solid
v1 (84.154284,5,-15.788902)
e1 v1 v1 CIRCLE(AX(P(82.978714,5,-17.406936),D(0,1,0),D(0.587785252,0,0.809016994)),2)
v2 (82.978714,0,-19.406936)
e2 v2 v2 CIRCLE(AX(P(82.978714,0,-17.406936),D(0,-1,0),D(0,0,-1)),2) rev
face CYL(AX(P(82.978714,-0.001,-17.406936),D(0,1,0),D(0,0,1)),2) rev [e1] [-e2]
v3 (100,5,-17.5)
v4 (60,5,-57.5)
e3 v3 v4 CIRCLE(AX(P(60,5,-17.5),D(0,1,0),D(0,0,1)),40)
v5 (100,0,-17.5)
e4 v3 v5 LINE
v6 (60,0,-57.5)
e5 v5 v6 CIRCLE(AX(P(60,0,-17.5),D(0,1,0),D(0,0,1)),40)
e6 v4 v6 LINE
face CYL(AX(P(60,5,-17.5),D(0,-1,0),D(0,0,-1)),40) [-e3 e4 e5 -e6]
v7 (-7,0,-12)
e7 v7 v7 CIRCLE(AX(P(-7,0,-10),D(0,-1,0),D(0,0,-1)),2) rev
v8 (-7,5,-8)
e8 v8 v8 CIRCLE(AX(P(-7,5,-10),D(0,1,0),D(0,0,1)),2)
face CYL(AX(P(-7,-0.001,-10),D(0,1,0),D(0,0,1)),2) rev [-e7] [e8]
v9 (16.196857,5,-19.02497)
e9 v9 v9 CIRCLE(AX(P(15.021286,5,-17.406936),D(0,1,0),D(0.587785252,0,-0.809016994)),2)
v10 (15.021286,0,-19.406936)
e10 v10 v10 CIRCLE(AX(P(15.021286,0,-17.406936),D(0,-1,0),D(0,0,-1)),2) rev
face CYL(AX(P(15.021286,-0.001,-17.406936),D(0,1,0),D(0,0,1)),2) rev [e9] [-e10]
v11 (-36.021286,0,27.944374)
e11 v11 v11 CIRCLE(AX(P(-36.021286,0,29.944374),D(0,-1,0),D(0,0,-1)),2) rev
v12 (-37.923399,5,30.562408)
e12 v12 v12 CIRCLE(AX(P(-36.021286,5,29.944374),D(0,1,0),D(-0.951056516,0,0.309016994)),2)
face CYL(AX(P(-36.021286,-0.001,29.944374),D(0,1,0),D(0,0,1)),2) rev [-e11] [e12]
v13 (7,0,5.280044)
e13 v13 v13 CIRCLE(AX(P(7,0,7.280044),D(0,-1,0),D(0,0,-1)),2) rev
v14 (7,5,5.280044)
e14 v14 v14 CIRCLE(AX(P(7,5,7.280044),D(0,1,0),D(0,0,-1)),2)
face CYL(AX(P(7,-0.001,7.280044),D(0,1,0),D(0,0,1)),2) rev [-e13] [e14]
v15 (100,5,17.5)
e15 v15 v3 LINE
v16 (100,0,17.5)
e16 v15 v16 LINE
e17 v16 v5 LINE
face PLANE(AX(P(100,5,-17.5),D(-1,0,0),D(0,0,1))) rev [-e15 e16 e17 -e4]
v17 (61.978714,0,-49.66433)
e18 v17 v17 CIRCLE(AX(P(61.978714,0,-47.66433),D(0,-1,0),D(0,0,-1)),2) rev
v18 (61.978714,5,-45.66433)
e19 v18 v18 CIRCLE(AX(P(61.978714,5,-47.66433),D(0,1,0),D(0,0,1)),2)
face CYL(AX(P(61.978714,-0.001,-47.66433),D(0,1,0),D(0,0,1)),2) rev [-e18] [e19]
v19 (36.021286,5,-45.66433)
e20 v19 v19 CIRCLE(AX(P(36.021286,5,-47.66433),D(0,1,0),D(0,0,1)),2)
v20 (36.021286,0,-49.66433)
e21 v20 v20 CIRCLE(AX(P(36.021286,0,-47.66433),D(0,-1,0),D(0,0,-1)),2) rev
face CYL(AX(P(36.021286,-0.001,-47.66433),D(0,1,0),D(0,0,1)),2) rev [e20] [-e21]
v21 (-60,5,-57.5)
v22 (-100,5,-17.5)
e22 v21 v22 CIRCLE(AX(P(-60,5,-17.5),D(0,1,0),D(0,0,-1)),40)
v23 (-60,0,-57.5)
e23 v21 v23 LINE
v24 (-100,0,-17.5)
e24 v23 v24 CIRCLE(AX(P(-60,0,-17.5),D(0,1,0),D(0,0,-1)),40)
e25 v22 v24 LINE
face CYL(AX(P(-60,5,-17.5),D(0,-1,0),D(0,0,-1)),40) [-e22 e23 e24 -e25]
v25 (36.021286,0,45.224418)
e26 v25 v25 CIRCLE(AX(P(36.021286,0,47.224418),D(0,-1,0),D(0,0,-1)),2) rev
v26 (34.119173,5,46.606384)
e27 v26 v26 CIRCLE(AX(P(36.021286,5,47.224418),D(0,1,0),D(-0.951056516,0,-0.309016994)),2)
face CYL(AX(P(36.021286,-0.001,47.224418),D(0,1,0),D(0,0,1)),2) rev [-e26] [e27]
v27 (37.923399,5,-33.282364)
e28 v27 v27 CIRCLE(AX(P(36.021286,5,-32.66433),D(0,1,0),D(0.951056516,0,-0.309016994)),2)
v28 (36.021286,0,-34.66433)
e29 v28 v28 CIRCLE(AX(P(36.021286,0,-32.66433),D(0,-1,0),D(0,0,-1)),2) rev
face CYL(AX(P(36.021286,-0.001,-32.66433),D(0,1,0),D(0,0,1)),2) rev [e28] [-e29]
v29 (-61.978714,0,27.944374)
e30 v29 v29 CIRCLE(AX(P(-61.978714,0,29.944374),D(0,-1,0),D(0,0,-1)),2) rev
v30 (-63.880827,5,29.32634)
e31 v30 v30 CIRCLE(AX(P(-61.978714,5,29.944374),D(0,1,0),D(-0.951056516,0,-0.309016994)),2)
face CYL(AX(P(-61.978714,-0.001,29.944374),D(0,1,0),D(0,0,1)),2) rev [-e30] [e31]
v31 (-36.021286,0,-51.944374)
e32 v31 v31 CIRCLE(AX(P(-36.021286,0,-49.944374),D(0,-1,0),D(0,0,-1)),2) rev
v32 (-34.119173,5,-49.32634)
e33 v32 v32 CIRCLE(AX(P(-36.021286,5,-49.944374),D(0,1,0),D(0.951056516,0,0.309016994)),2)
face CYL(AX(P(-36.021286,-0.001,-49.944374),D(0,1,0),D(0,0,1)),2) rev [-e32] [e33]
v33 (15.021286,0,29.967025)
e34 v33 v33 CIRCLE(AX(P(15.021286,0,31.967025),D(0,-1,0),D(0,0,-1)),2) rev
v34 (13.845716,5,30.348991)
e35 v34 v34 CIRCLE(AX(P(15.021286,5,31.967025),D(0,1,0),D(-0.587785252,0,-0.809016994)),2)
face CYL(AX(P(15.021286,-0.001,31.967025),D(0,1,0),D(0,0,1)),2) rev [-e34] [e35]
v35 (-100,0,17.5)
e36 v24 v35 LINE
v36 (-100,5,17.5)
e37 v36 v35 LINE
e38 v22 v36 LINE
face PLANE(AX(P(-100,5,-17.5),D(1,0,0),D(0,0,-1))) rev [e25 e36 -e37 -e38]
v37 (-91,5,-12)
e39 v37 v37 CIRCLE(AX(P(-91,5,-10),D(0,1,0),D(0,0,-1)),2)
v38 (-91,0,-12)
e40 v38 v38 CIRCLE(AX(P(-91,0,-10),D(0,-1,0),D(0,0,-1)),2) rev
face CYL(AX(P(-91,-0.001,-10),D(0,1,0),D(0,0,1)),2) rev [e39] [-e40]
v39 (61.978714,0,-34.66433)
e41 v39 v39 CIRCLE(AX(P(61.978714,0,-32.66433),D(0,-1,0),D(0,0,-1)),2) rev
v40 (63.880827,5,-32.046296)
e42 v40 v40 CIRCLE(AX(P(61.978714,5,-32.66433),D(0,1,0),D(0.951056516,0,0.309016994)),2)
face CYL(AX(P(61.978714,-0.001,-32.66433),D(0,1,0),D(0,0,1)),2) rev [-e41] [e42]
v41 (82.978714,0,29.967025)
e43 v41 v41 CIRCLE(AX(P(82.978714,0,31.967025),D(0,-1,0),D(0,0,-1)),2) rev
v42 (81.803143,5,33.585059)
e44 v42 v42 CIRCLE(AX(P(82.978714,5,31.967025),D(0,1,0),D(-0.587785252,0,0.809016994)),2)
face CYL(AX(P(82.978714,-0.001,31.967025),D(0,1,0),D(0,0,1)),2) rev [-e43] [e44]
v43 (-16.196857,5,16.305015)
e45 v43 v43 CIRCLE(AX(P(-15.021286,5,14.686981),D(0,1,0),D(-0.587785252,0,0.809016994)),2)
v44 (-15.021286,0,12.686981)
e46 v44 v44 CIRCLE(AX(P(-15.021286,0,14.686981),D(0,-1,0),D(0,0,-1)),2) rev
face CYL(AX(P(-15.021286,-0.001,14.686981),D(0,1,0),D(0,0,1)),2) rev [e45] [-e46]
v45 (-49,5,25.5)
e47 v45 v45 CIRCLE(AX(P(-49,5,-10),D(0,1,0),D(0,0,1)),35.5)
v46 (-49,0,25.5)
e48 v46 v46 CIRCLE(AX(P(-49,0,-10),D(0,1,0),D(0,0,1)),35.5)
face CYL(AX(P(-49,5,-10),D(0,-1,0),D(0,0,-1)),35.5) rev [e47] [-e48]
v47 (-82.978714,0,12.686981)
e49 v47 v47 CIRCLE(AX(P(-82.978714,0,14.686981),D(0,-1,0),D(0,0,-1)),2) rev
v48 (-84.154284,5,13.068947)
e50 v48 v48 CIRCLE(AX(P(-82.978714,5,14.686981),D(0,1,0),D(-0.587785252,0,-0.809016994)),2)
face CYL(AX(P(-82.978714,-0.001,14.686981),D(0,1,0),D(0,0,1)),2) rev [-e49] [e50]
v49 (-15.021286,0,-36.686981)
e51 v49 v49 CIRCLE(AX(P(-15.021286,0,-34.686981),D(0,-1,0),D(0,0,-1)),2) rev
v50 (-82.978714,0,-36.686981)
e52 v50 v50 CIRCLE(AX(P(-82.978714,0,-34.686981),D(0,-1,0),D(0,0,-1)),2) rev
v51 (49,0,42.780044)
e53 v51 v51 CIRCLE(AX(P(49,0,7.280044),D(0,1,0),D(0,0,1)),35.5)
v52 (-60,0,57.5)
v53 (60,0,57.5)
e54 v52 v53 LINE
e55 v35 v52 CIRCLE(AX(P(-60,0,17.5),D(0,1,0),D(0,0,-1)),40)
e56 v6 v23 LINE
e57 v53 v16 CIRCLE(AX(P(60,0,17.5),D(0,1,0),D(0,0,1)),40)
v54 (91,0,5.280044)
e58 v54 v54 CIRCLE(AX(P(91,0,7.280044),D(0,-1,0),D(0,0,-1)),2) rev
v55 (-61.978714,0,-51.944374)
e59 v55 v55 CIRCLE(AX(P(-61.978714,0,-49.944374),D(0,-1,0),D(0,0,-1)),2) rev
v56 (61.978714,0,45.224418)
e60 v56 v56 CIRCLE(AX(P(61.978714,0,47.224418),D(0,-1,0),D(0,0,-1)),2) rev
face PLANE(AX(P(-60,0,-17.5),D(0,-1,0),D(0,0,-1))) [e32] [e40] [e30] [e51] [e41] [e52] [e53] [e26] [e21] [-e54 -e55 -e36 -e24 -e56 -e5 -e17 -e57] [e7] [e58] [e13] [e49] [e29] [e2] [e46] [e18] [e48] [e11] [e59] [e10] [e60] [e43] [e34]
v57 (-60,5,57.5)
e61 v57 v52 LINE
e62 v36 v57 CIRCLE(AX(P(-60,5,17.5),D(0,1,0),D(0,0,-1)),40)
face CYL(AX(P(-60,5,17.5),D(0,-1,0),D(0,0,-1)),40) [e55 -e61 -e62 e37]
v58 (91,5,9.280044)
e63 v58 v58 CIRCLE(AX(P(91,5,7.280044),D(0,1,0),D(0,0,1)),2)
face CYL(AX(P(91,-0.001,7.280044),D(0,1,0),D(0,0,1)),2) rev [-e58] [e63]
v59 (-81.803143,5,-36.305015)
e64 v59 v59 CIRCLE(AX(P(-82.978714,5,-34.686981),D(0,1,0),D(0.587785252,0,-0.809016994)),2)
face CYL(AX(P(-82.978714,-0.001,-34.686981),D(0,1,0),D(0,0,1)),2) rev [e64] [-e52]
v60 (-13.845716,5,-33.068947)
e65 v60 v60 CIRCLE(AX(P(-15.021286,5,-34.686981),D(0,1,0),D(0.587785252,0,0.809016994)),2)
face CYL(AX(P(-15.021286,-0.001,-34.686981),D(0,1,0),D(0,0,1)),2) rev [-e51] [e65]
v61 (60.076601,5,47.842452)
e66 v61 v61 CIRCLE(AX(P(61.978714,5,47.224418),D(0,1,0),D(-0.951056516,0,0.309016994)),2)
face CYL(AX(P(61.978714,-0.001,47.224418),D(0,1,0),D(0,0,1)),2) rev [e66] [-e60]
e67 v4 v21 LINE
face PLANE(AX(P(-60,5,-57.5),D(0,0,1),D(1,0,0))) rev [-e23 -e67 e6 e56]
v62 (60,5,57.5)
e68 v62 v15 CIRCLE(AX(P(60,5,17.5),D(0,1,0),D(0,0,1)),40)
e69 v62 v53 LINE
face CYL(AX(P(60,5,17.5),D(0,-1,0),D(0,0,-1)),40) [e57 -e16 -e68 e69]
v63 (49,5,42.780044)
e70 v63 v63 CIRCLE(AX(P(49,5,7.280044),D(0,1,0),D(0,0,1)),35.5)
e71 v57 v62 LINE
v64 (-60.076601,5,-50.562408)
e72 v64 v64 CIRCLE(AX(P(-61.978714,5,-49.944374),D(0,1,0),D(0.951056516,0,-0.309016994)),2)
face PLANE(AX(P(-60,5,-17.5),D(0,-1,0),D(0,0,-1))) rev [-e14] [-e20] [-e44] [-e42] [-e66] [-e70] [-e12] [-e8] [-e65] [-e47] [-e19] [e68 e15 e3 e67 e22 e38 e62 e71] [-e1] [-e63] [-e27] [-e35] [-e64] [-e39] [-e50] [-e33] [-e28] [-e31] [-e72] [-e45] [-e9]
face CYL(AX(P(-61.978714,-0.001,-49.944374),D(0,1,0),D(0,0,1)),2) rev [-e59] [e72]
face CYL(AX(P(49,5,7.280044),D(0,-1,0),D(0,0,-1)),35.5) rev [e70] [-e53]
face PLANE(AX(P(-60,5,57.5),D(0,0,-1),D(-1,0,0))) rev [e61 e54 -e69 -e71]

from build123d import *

# Parameters (mm, degrees)
SKETCH_1_R               = 35.5
EXTRUDE_1_DEPTH          = 5
CUT_EXTRUDE_1_REACH      = 117.461
SKETCH_2_R               = 2
PATTERN_CIRCULAR_1_COUNT = 10
CUT_EXTRUDE_2_REACH      = 117.461
SKETCH_3_R               = 2
PATTERN_CIRCULAR_2_COUNT = 10
CUT_EXTRUDE_3_REACH      = 117.461
SKETCH_4_R               = 2


with BuildPart() as part:
    # 草圖1 → 填料-伸長1 (new body)
    with BuildSketch(Plane(origin=(0, 0, 0), x_dir=(1, 0, 0), z_dir=(0, 1, 0))):
        with BuildLine():
            Line((-60, 57.5), (60, 57.5))
            ThreePointArc((60, 57.5), (88.284271247, 45.784271247), (100, 17.5))
            Line((100, 17.5), (100, -17.5))
            ThreePointArc((100, -17.5), (88.284271247, -45.784271247), (60, -57.5))
            Line((60, -57.5), (-60, -57.5))
            ThreePointArc((-60, -57.5), (-88.284271247, -45.784271247), (-100, -17.5))
            Line((-100, -17.5), (-100, 17.5))
            ThreePointArc((-100, 17.5), (-88.284271247, 45.784271247), (-60, 57.5))
        make_face()
        with Locations(Location((-49, 10, 0), (0, 0, 270))):
            Circle(SKETCH_1_R, mode=Mode.SUBTRACT)
        with Locations(Location((49, -7.280044109, 0), (0, 0, 270))):
            Circle(SKETCH_1_R, mode=Mode.SUBTRACT)
    extrude(amount=EXTRUDE_1_DEPTH)

    # 草圖2 → 除料-伸長1 (cut, up to next)
    with BuildSketch(Plane(origin=(0, 5, 0), x_dir=(1, 0, 0), z_dir=(0, 1, 0)), mode=Mode.PRIVATE) as cut_extrude_1_sk1:
        with Locations(Location((91, -7.280044109, 0), (0, 0, 270))):
            Circle(SKETCH_2_R)
    cut_extrude_1_tool1 = extrude(cut_extrude_1_sk1.sketch, amount=-CUT_EXTRUDE_1_REACH, mode=Mode.PRIVATE) & part.part
    cut_extrude_1 = cut_extrude_1_tool1.solids().sort_by_distance((91, 5, 7.280044))[0]
    add(cut_extrude_1, mode=Mode.SUBTRACT)

    # 環狀複製排列1: 除料-伸長1 ×10 about axis
    pattern_circular_1_axis = Axis((49, 0, 7.280044109), (0, 1, 0))
    for i in range(1, PATTERN_CIRCULAR_1_COUNT):
        add(cut_extrude_1.rotate(pattern_circular_1_axis, i * 360 / PATTERN_CIRCULAR_1_COUNT), mode=Mode.SUBTRACT)

    # 草圖3 → 除料-伸長2 (cut, up to next)
    with BuildSketch(Plane(origin=(0, 5, 0), x_dir=(1, 0, 0), z_dir=(0, 1, 0)), mode=Mode.PRIVATE) as cut_extrude_2_sk1:
        with Locations(Location((-7, 10, 0), (0, 0, 270))):
            Circle(SKETCH_3_R)
    cut_extrude_2_tool1 = extrude(cut_extrude_2_sk1.sketch, amount=-CUT_EXTRUDE_2_REACH, mode=Mode.PRIVATE) & part.part
    cut_extrude_2 = cut_extrude_2_tool1.solids().sort_by_distance((-7, 5, -10))[0]
    add(cut_extrude_2, mode=Mode.SUBTRACT)

    # 環狀複製排列2: 除料-伸長2 ×10 about axis
    pattern_circular_2_axis = Axis((-49, 0, -10), (0, 1, 0))
    for i in range(1, PATTERN_CIRCULAR_2_COUNT):
        add(cut_extrude_2.rotate(pattern_circular_2_axis, i * 360 / PATTERN_CIRCULAR_2_COUNT), mode=Mode.SUBTRACT)

    # 草圖4 → 除料-伸長3 (cut, up to next)
    with BuildSketch(Plane(origin=(0, 5, 0), x_dir=(1, 0, 0), z_dir=(0, 1, 0)), mode=Mode.PRIVATE) as cut_extrude_3_sk1:
        with Locations(Location((36.021286236, 47.664329575, 0), (0, 0, 270))):
            Circle(SKETCH_4_R)
    cut_extrude_3_tool1 = extrude(cut_extrude_3_sk1.sketch, amount=-CUT_EXTRUDE_3_REACH, mode=Mode.PRIVATE) & part.part
    # 草圖4 → 除料-伸長3 (cut, up to next)
    with BuildSketch(Plane(origin=(0, 5, 0), x_dir=(1, 0, 0), z_dir=(0, 1, 0)), mode=Mode.PRIVATE) as cut_extrude_3_sk2:
        with Locations(Location((61.978713764, 47.664329575, 0), (0, 0, 270))):
            Circle(SKETCH_4_R)
    cut_extrude_3_tool2 = extrude(cut_extrude_3_sk2.sketch, amount=-CUT_EXTRUDE_3_REACH, mode=Mode.PRIVATE) & part.part
    add(cut_extrude_3_tool1.solids().sort_by_distance((36.021286, 5, -47.66433))[0], mode=Mode.SUBTRACT)
    add(cut_extrude_3_tool2.solids().sort_by_distance((61.978714, 5, -47.66433))[0], mode=Mode.SUBTRACT)


solid = part.part
